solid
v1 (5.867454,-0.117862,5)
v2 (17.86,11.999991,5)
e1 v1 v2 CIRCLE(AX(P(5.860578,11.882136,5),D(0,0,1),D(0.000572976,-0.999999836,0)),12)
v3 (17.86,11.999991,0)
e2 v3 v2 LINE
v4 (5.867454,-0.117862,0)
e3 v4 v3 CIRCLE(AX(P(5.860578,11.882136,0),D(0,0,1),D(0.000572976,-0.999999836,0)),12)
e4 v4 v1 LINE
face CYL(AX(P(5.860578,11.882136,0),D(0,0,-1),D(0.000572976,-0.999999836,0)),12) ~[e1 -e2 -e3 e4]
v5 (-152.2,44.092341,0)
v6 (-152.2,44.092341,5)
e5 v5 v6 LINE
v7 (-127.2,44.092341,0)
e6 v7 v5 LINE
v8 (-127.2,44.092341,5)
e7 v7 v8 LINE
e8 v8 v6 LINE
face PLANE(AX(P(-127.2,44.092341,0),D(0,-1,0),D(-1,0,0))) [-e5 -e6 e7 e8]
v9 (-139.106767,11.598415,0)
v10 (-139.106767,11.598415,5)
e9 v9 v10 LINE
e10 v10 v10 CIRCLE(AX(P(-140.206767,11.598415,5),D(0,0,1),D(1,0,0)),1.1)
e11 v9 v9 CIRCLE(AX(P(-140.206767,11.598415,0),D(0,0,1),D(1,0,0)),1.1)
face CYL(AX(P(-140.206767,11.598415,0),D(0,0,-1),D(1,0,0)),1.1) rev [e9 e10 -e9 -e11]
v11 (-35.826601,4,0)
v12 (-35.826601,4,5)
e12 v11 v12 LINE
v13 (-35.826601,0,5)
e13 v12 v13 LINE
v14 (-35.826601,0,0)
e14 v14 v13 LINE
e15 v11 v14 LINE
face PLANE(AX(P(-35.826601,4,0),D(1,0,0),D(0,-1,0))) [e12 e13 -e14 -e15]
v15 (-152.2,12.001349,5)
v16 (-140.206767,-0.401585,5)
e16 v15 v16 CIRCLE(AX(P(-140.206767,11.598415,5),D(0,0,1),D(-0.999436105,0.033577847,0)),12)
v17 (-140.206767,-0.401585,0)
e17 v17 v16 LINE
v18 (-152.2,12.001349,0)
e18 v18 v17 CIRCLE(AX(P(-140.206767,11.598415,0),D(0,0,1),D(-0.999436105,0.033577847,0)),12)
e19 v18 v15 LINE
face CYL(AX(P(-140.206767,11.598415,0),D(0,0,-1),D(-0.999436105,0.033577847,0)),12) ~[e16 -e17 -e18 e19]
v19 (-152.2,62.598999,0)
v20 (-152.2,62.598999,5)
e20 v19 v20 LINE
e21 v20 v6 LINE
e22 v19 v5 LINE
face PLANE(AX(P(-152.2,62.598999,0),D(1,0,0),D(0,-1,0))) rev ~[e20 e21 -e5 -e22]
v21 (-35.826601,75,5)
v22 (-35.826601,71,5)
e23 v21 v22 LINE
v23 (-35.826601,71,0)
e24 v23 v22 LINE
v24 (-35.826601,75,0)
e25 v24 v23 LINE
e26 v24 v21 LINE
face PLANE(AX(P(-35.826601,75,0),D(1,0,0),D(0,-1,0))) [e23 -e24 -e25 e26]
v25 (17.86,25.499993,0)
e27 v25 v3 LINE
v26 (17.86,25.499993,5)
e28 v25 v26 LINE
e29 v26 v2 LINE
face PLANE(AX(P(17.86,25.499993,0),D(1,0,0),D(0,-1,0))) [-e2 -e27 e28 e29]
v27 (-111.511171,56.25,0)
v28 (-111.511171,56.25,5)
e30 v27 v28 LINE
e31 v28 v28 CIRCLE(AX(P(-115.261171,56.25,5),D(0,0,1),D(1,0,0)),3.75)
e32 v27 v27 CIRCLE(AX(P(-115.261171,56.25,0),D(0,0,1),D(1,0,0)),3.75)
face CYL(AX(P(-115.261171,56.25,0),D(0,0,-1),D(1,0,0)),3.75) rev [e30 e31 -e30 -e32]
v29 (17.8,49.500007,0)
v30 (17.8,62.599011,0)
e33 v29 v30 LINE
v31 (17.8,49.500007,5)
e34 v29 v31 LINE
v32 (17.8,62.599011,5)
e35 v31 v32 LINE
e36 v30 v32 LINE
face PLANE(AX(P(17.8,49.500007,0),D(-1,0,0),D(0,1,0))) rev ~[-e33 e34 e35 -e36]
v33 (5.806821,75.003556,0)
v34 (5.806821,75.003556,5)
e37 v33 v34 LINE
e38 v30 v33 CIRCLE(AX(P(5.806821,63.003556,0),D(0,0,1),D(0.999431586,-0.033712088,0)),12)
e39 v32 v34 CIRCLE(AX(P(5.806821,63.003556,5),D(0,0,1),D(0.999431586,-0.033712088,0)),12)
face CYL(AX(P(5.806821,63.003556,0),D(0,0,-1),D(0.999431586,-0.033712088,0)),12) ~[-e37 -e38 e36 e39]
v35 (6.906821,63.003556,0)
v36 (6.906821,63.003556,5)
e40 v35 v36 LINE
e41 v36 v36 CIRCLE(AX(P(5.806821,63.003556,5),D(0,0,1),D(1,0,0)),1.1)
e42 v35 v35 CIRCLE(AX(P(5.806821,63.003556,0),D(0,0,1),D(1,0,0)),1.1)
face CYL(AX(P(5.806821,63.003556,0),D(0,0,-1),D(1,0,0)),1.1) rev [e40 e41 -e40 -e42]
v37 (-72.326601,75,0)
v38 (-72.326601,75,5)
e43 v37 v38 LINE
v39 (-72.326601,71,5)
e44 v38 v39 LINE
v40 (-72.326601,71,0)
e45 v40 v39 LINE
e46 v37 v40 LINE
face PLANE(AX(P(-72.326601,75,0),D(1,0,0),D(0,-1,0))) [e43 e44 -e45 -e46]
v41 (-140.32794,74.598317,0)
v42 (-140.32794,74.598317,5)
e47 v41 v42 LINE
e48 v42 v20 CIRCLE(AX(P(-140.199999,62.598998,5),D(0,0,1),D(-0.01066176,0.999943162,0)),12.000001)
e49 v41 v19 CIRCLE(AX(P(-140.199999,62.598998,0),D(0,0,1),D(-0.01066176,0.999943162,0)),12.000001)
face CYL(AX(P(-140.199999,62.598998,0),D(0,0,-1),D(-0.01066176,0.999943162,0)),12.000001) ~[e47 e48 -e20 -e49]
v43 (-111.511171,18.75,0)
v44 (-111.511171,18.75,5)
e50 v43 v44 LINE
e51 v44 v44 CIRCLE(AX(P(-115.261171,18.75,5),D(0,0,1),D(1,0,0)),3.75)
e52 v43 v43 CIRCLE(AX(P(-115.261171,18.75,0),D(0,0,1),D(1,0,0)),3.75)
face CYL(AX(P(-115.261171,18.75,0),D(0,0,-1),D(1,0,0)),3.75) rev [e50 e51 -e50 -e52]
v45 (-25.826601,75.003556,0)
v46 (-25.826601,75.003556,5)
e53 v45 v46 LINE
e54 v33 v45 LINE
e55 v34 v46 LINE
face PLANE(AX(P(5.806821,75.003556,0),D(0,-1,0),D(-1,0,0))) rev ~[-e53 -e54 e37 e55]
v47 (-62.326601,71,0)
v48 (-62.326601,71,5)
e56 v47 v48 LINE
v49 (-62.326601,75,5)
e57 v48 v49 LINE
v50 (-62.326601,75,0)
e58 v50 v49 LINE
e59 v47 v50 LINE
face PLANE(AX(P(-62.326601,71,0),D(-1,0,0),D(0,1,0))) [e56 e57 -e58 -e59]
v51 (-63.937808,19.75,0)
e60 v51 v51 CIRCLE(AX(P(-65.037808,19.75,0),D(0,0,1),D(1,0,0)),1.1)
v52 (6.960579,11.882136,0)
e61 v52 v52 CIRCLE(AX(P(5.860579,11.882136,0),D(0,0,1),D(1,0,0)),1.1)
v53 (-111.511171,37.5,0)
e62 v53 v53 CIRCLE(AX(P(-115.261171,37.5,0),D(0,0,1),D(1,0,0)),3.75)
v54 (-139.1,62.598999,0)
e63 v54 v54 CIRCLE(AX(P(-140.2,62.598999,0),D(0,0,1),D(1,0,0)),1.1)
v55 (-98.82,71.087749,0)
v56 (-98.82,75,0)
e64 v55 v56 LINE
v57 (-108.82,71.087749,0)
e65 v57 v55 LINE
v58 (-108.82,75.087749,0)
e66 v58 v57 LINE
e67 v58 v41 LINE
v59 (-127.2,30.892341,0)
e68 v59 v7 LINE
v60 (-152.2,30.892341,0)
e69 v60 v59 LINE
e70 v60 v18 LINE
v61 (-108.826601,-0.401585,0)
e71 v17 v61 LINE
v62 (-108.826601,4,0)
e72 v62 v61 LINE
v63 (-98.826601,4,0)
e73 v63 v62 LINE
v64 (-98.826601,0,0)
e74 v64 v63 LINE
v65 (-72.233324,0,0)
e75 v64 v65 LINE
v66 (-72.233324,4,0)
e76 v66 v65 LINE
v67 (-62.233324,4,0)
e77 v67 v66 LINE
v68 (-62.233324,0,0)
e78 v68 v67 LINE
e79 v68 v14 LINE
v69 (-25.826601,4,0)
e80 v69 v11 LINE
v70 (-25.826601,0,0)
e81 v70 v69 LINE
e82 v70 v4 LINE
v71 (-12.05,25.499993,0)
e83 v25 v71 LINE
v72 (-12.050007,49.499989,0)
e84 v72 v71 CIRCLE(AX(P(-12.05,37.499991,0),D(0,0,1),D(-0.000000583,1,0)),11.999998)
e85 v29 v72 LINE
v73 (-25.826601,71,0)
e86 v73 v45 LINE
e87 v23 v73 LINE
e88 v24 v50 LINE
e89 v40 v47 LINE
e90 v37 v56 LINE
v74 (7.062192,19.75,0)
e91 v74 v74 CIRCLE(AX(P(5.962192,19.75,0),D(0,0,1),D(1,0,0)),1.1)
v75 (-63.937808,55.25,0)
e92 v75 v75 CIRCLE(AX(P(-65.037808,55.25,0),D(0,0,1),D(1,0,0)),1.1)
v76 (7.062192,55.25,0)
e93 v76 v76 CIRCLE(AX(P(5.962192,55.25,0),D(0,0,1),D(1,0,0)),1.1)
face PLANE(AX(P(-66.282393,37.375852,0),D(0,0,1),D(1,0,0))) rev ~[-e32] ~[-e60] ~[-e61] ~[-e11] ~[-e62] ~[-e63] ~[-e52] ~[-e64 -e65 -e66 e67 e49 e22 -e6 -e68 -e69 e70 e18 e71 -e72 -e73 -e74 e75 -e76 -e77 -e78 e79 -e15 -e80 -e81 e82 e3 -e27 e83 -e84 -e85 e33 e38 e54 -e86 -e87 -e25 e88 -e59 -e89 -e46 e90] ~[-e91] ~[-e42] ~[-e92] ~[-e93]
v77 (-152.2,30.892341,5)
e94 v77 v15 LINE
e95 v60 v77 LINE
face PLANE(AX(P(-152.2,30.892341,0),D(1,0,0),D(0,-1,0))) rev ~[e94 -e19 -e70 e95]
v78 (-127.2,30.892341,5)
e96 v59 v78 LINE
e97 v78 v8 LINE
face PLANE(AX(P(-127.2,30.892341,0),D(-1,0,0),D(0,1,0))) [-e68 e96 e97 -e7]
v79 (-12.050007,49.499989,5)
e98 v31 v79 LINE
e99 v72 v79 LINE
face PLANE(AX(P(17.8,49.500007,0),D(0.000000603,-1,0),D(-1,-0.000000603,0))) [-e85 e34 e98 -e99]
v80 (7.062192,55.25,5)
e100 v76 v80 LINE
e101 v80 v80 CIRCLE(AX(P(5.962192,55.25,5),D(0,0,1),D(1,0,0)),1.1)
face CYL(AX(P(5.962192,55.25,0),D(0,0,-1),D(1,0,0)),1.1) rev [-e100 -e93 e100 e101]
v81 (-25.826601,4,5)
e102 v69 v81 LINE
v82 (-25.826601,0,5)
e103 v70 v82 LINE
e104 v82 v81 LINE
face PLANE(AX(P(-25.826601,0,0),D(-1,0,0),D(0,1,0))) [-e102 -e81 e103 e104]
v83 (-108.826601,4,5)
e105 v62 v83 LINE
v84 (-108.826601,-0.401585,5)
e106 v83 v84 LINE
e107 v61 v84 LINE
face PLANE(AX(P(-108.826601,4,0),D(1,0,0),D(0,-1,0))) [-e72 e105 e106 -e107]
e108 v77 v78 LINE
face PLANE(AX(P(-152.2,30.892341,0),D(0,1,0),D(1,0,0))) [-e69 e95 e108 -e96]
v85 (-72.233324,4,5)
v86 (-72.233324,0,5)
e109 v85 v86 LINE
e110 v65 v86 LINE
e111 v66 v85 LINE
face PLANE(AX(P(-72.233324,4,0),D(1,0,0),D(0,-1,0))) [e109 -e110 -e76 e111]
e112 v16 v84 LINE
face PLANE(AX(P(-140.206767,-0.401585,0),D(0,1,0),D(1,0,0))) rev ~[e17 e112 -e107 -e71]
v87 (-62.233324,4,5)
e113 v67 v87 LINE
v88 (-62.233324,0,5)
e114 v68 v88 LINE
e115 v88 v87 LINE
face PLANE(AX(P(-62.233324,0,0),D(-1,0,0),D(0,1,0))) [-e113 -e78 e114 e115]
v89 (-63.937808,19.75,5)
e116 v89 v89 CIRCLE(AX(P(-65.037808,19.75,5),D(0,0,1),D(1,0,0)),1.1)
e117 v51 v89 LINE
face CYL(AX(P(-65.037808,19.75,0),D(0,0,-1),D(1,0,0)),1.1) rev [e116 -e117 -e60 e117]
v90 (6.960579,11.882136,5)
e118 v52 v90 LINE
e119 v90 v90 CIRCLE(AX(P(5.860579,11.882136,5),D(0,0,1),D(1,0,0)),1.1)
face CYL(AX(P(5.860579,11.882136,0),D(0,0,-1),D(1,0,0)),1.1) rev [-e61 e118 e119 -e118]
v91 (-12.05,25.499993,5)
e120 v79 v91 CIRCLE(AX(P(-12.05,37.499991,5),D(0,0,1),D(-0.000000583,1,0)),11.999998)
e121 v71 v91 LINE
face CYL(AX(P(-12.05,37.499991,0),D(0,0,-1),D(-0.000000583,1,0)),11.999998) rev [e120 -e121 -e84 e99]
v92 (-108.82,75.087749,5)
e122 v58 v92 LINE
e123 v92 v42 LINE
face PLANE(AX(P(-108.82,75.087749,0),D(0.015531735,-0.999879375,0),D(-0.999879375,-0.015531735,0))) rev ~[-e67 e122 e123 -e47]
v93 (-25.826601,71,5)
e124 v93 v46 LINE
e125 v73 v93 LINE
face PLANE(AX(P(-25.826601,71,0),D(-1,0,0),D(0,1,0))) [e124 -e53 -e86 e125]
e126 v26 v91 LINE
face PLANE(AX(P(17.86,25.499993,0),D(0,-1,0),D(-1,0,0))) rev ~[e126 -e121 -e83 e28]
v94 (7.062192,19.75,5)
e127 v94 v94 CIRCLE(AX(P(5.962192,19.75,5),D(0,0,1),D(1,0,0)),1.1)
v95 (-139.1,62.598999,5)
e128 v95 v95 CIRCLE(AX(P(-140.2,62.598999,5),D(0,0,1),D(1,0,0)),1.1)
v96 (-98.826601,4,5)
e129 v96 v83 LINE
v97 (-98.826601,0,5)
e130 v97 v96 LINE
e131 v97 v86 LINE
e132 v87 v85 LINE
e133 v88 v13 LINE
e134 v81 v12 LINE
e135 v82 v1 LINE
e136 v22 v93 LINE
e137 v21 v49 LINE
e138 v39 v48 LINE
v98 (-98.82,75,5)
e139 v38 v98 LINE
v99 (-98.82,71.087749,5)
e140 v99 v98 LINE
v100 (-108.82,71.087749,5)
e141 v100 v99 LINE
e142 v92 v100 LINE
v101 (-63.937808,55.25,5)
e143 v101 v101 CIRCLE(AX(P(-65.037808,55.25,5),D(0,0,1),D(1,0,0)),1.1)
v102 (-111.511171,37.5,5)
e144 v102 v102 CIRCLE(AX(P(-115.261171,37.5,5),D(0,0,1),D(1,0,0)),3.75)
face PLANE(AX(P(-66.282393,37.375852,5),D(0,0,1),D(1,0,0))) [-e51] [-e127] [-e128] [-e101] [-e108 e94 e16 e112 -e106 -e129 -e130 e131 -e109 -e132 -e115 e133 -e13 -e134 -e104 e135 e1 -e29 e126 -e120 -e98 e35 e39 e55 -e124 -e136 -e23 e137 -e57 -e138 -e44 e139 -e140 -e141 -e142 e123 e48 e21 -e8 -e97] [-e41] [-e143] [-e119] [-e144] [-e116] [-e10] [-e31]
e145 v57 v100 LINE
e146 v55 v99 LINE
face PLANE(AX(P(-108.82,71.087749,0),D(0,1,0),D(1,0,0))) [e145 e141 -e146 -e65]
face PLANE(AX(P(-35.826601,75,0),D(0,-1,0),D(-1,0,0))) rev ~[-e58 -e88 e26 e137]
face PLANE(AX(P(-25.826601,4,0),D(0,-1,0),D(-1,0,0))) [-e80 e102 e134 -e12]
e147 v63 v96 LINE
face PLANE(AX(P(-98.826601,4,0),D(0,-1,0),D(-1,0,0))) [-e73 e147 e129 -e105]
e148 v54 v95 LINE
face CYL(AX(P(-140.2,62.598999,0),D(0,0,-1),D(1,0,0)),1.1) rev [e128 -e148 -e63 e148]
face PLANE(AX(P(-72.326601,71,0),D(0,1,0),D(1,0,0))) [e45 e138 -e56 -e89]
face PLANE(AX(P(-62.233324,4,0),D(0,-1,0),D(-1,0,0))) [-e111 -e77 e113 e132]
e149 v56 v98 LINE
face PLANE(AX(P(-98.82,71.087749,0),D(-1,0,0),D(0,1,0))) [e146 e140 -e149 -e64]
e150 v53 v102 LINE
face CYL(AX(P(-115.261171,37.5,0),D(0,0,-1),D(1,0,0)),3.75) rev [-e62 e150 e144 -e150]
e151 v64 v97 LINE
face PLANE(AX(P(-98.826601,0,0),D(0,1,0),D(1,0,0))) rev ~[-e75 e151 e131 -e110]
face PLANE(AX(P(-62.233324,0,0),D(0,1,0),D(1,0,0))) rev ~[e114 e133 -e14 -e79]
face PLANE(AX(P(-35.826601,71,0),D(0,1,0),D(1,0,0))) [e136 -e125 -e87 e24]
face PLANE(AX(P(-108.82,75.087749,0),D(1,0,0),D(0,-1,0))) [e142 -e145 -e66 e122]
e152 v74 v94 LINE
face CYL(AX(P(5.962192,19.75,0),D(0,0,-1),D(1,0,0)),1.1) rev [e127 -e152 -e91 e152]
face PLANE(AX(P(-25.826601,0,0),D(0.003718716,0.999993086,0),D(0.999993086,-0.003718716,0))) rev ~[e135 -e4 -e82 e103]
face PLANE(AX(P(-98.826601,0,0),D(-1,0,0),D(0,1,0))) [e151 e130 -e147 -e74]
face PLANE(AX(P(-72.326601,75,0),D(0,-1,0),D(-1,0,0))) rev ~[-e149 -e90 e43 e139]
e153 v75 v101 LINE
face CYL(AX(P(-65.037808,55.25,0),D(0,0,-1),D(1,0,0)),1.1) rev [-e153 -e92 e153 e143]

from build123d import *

# Parameters (mm, degrees)
SKETCH_R   = 1.1
SKETCH_R_2 = 3.75
PAD_DEPTH  = 5


with BuildPart() as part:
    # Sketch → Pad (new body)
    with BuildSketch(Plane.XY):
        with BuildLine():
            Line((-152.2, 62.598999), (-152.2, 44.092341))
            Line((-127.2, 44.092341), (-152.2, 44.092341))
            Line((-127.2, 30.892341), (-127.2, 44.092341))
            Line((-152.2, 30.892341), (-127.2, 30.892341))
            Line((-152.2, 30.892341), (-152.2, 12.001349))
            ThreePointArc((-152.2, 12.001349), (-148.833331, 3.256809), (-140.206767, -0.401585))
            Line((-140.206767, -0.401585), (-108.826601, -0.401585))
            Line((-108.826601, 4), (-108.826601, -0.401585))
            Line((-98.826601, 4), (-108.826601, 4))
            Line((-98.826601, 0), (-98.826601, 4))
            Line((-98.826601, 0), (-72.233324, 0))
            Line((-72.233324, 4), (-72.233324, 0))
            Line((-62.233324, 4), (-72.233324, 4))
            Line((-62.233324, 0), (-62.233324, 4))
            Line((-62.233324, 0), (-35.826601, 0))
            Line((-35.826601, 4), (-35.826601, 0))
            Line((-25.826601, 4), (-35.826601, 4))
            Line((-25.826601, 0), (-25.826601, 4))
            Line((-25.826601, 0), (5.867454, -0.117862))
            ThreePointArc((5.867454, -0.117862), (14.389845, 3.441069), (17.86, 11.999991))
            Line((17.86, 25.499993), (17.86, 11.999991))
            Line((17.86, 25.499993), (-12.05, 25.499993))
            ThreePointArc((-12.050007, 49.499989), (-24.049998, 37.499988), (-12.05, 25.499993))
            Line((17.8, 49.500007), (-12.050007, 49.499989))
            Line((17.8, 49.500007), (17.8, 62.599011))
            ThreePointArc((17.8, 62.599011), (14.433945, 71.344583), (5.806821, 75.003556))
            Line((5.806821, 75.003556), (-25.826601, 75.003556))
            Line((-25.826601, 71), (-25.826601, 75.003556))
            Line((-35.826601, 71), (-25.826601, 71))
            Line((-35.826601, 75), (-35.826601, 71))
            Line((-35.826601, 75), (-62.326601, 75))
            Line((-62.326601, 71), (-62.326601, 75))
            Line((-72.326601, 71), (-62.326601, 71))
            Line((-72.326601, 75), (-72.326601, 71))
            Line((-72.326601, 75), (-98.82, 75))
            Line((-98.82, 71.087749), (-98.82, 75))
            Line((-108.82, 71.087749), (-98.82, 71.087749))
            Line((-108.82, 75.087749), (-108.82, 71.087749))
            Line((-108.82, 75.087749), (-140.32794, 74.598317))
            ThreePointArc((-140.32794, 74.598317), (-148.730395, 71.038925), (-152.2, 62.598999))
        make_face()
        with Locations((5.962192, 55.25)):
            Circle(SKETCH_R, mode=Mode.SUBTRACT)
        with Locations((-65.037808, 55.25)):
            Circle(SKETCH_R, mode=Mode.SUBTRACT)
        with Locations((-65.037808, 19.75)):
            Circle(SKETCH_R, mode=Mode.SUBTRACT)
        with Locations((5.962192, 19.75)):
            Circle(SKETCH_R, mode=Mode.SUBTRACT)
        with Locations((-140.2, 62.598999)):
            Circle(SKETCH_R, mode=Mode.SUBTRACT)
        with Locations((-140.206767, 11.598415)):
            Circle(SKETCH_R, mode=Mode.SUBTRACT)
        with Locations((5.860579, 11.882136)):
            Circle(SKETCH_R, mode=Mode.SUBTRACT)
        with Locations((5.806821, 63.003556)):
            Circle(SKETCH_R, mode=Mode.SUBTRACT)
        with Locations((-115.261171, 37.5)):
            Circle(SKETCH_R_2, mode=Mode.SUBTRACT)
        with Locations((-115.261171, 56.25)):
            Circle(SKETCH_R_2, mode=Mode.SUBTRACT)
        with Locations((-115.261171, 18.75)):
            Circle(SKETCH_R_2, mode=Mode.SUBTRACT)
    extrude(amount=PAD_DEPTH)


solid = part.part
